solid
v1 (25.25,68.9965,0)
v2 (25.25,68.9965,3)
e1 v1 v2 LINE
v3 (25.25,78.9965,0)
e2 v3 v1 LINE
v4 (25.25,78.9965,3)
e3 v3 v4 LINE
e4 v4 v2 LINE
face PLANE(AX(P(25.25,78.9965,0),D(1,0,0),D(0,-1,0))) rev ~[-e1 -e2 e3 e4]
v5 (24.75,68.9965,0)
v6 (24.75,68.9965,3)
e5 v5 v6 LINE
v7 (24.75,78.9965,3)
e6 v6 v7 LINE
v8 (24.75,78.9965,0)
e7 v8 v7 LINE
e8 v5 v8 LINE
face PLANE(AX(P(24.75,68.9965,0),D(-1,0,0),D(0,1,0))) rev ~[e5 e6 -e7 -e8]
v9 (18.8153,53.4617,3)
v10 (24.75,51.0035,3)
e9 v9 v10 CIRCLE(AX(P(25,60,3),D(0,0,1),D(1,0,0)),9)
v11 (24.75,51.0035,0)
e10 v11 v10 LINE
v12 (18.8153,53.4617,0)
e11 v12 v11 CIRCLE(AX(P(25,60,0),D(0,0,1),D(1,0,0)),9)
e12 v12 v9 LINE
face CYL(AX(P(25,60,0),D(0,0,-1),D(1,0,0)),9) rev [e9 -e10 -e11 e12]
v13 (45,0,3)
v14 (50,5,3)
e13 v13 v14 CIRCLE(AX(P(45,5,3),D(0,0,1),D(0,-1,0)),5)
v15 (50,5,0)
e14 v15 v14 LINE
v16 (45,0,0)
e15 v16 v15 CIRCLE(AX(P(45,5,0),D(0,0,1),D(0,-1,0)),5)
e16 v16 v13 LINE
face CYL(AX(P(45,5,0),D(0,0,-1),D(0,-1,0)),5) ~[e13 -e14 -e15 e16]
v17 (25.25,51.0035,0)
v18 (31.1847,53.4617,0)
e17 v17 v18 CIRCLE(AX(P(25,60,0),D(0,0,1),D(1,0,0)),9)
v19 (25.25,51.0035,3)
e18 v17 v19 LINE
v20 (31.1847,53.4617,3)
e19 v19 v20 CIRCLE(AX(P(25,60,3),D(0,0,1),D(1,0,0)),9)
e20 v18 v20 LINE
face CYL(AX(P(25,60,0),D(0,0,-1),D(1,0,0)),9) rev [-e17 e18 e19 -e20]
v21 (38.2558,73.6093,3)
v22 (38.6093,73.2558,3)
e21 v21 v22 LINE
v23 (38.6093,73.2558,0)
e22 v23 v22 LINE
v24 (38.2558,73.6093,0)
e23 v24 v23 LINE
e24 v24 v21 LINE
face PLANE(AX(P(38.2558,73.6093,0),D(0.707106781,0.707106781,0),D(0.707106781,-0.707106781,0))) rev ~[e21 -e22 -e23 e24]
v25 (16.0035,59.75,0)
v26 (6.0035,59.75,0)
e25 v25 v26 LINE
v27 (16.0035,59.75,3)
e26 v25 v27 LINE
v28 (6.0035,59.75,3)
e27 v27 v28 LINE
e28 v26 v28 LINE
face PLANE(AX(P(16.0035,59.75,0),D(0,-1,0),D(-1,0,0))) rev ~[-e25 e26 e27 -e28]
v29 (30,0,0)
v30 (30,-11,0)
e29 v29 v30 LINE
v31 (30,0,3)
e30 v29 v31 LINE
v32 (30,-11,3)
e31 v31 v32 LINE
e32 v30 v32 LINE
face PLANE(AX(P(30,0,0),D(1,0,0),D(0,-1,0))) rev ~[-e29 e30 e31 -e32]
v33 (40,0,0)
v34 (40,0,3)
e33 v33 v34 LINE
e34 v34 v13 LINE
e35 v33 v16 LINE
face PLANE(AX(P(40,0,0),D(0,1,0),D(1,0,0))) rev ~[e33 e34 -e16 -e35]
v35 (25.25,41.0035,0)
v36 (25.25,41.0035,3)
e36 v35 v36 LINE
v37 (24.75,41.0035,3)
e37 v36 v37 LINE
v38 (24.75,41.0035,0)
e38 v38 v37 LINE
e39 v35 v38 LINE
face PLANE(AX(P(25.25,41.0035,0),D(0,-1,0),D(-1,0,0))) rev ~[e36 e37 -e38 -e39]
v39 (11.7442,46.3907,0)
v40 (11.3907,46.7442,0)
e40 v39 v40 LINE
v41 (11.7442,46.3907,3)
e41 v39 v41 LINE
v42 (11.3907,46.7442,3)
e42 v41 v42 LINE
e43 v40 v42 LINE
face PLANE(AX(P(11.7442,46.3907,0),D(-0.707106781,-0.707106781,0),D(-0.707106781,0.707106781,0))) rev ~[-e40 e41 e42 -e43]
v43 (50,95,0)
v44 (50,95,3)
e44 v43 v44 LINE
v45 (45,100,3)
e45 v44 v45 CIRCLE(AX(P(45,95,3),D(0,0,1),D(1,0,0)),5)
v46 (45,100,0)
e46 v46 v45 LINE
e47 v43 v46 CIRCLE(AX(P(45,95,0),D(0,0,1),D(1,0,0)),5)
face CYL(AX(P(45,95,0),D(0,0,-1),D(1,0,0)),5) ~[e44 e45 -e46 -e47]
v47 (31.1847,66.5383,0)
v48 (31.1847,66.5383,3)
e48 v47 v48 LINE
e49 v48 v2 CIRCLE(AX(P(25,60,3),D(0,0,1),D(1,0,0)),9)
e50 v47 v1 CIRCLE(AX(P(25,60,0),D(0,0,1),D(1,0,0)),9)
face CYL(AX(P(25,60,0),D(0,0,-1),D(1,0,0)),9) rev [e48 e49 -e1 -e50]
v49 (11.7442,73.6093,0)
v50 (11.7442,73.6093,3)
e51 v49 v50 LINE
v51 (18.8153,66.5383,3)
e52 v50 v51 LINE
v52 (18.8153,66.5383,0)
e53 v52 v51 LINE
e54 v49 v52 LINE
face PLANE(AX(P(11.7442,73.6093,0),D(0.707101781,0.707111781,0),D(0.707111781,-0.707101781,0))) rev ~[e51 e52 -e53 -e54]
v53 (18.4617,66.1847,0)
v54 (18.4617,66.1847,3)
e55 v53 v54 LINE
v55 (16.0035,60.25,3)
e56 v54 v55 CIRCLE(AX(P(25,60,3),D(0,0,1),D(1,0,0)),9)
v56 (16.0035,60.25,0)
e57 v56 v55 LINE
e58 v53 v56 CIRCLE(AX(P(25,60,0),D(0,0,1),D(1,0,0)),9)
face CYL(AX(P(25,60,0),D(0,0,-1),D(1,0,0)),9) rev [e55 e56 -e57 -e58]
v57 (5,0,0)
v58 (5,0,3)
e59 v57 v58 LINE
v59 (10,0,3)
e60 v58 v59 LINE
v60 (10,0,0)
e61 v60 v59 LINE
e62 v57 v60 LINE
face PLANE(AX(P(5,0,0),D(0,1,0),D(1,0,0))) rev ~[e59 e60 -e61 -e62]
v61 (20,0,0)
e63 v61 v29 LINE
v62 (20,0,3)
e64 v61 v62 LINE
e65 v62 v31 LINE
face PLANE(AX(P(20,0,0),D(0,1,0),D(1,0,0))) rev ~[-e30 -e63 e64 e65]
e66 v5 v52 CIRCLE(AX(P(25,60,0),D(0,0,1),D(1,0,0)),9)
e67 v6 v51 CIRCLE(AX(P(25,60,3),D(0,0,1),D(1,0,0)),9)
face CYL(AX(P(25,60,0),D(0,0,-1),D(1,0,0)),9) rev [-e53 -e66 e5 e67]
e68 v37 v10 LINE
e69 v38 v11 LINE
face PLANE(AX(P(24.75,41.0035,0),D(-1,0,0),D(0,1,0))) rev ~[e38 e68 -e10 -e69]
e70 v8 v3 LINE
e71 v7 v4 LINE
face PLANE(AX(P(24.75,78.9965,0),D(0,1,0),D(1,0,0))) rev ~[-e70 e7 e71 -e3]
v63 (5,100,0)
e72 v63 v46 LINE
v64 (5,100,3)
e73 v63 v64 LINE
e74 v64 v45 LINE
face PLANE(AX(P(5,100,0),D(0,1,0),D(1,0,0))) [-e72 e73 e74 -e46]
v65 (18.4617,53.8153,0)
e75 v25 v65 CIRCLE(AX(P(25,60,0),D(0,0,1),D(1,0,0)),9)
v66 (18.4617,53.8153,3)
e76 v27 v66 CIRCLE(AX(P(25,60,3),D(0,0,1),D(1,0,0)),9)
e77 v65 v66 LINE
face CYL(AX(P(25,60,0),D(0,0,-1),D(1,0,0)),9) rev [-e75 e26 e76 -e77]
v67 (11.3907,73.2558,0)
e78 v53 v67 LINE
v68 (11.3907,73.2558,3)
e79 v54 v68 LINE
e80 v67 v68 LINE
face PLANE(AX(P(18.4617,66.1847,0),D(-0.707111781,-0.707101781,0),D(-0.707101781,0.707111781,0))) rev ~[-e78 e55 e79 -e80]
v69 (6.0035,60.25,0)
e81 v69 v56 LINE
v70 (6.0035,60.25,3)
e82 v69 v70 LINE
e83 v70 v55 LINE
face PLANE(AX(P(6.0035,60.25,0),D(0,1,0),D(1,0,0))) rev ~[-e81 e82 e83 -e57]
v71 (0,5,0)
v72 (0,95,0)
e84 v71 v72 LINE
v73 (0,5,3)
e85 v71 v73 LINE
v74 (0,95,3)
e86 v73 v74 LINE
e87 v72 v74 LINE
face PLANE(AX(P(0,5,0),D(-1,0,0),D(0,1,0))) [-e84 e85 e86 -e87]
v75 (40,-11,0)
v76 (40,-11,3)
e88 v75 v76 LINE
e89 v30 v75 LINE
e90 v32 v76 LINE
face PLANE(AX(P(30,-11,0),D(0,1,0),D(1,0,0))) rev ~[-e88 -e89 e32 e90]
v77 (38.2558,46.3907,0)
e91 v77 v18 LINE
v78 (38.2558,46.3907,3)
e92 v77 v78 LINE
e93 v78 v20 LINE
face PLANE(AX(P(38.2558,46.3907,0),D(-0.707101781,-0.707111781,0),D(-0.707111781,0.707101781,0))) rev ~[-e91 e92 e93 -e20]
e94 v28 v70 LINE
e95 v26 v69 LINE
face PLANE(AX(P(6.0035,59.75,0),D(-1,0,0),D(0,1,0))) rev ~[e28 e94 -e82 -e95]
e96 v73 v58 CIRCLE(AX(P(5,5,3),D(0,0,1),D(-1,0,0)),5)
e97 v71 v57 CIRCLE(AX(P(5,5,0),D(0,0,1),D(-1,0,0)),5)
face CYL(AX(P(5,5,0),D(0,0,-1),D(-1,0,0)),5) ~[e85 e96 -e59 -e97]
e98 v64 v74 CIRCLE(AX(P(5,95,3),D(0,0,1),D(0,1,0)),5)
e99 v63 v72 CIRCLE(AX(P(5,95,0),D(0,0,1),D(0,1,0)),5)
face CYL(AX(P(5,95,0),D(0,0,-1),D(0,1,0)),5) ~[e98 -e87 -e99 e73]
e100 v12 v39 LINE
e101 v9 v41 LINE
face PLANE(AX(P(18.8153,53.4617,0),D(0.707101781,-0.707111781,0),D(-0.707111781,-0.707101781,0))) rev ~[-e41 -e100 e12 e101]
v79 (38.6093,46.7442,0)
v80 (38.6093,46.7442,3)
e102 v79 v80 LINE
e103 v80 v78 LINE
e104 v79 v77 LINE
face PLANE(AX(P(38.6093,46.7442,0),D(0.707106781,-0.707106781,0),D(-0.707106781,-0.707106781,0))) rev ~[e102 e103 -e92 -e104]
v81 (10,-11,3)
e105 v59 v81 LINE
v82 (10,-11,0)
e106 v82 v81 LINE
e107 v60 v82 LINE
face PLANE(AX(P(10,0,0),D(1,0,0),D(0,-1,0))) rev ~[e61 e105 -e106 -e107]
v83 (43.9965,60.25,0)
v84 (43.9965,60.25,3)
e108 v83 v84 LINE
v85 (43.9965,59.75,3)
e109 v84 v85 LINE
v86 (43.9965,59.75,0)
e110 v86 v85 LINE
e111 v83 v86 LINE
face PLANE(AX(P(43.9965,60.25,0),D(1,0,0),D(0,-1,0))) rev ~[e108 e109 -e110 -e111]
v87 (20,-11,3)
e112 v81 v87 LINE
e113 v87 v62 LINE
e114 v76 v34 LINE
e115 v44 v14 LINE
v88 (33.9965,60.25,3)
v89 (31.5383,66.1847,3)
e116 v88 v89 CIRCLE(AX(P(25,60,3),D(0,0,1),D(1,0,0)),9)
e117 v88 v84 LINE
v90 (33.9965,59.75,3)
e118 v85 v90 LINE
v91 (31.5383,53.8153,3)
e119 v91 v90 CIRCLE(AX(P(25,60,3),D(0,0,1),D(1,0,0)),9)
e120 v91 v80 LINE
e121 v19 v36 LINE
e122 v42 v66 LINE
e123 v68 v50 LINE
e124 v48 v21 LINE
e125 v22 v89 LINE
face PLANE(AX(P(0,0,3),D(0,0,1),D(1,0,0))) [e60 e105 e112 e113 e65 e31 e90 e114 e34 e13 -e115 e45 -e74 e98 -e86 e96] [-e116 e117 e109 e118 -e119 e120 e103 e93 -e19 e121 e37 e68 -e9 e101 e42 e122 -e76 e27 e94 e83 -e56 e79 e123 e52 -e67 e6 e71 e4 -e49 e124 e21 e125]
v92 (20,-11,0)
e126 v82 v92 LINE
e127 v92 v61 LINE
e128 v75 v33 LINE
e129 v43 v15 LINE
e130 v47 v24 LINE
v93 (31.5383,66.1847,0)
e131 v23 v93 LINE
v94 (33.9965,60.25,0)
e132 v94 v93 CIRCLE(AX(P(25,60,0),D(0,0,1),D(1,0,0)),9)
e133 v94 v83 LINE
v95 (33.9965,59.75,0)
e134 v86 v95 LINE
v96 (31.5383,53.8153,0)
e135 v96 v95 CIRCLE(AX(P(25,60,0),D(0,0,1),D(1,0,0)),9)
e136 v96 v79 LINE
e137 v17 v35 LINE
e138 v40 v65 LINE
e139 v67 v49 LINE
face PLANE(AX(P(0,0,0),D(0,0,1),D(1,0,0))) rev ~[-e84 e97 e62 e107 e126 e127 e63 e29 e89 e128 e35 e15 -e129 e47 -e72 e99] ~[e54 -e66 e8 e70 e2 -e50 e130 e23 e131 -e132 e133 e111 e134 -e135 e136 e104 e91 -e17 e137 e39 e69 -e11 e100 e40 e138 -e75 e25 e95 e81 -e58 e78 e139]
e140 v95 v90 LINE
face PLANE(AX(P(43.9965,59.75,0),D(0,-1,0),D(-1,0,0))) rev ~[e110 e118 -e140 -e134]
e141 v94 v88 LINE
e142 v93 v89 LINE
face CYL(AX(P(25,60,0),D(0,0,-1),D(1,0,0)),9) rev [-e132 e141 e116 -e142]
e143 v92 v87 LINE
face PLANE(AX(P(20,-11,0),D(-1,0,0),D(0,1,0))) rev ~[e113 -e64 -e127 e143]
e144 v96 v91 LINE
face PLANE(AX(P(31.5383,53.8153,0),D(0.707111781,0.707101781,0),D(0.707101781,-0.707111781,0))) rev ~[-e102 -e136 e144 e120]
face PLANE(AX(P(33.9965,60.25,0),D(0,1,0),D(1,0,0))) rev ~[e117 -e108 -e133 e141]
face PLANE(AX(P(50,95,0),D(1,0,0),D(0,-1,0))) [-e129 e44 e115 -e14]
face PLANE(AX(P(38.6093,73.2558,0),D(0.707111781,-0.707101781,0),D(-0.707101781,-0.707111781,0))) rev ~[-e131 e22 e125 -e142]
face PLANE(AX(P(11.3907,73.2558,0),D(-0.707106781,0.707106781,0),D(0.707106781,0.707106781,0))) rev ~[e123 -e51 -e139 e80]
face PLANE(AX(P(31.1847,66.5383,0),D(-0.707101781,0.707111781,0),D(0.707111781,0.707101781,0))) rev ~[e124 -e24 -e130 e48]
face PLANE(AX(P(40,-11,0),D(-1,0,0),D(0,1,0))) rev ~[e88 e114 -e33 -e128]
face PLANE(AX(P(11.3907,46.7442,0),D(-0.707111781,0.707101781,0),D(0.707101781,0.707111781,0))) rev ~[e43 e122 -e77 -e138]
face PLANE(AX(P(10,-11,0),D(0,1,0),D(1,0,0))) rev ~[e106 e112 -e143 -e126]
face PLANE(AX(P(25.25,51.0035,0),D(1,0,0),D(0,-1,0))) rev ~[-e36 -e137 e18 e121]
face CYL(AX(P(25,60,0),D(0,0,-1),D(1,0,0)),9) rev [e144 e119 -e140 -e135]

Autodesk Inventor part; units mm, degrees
ref_plane "YZ Plane" through (0, 0, 0) normal (1, 0, 0) x (0, 1, 0)
ref_plane "XZ Plane" through (0, 0, 0) normal (0, 1, 0) x (-1, 0, 0)
ref_plane "XY Plane" through (0, 0, 0) normal (0, 0, 1) x (1, 0, 0)
sketch "Skizze1" plane through (0, 0, 0) normal (0, 0, 1) x (1, 0, 0)
  line L0 (0, 5) -> (0, 95)
  line L1 (5, 100) -> (45, 100)
  line L2 (50, 95) -> (50, 5)
  arc A0 (5, 100) -> (0, 95) centre (5, 95) ccw
  arc A1 (50, 95) -> (45, 100) centre (45, 95) ccw
  arc A2 (45, 0) -> (50, 5) centre (45, 5) ccw
  arc A3 (0, 5) -> (5, 0) centre (5, 5) ccw
  line L3 (10, 0) -> (10, -11)
  line L4 (10, -11) -> (20, -11)
  line L5 (20, -11) -> (20, 0)
  line L6 (30, 0) -> (30, -11)
  line L7 (30, -11) -> (40, -11)
  line L8 (40, -11) -> (40, 0)
  line L9 (5, 0) -> (10, 0)
  line L10 (20, 0) -> (30, 0)
  line L11 (40, 0) -> (45, 0)
  circle A4 centre (25, 60) radius 9
  line L12 (24.75, 68.9965) -> (24.75, 78.9965)
  line L13 (24.75, 78.9965) -> (25.25, 78.9965)
  line L14 (25.25, 78.9965) -> (25.25, 68.9965)
  line L15 (18.4617, 66.1847) -> (11.3907, 73.2558)
  line L16 (11.3907, 73.2558) -> (11.7442, 73.6093)
  line L17 (11.7442, 73.6093) -> (18.8153, 66.5383)
  line L18 (16.0035, 59.75) -> (6.0035, 59.75)
  line L19 (6.0035, 59.75) -> (6.0035, 60.25)
  line L20 (6.0035, 60.25) -> (16.0035, 60.25)
  line L21 (18.8153, 53.4617) -> (11.7442, 46.3907)
  line L22 (11.7442, 46.3907) -> (11.3907, 46.7442)
  line L23 (11.3907, 46.7442) -> (18.4617, 53.8153)
  line L24 (25.25, 51.0035) -> (25.25, 41.0035)
  line L25 (25.25, 41.0035) -> (24.75, 41.0035)
  line L26 (24.75, 41.0035) -> (24.75, 51.0035)
  line L27 (31.5383, 53.8153) -> (38.6093, 46.7442)
  line L28 (38.6093, 46.7442) -> (38.2558, 46.3907)
  line L29 (38.2558, 46.3907) -> (31.1847, 53.4617)
  line L30 (33.9965, 60.25) -> (43.9965, 60.25)
  line L31 (43.9965, 60.25) -> (43.9965, 59.75)
  line L32 (43.9965, 59.75) -> (33.9965, 59.75)
  line L33 (31.1847, 66.5383) -> (38.2558, 73.6093)
  line L34 (38.2558, 73.6093) -> (38.6093, 73.2558)
  line L35 (38.6093, 73.2558) -> (31.5383, 66.1847)
  point P0 (0, 0)
  point P1 (25, 0)
  point P2 (31.1847, 66.5383)
  point P3 (33.9965, 59.75)
  point P4 (31.5383, 53.8153)
  point P5 (31.1847, 53.4617)
  point P6 (25.25, 51.0035)
  point P7 (24.75, 51.0035)
  point P8 (18.8153, 53.4617)
  point P9 (18.4617, 53.8153)
  point P10 (16.0035, 59.75)
  point P11 (16.0035, 60.25)
  point P12 (18.4617, 66.1847)
  point P13 (18.8153, 66.5383)
  dimension "d1" = 50
  dimension "d3" = 5
  dimension "d4" = 11
  dimension "d5" = 10
  dimension "d6" = 100
  dimension "d9" = 60
  dimension "d10" = 18
  dimension "d11" = 0.5
  dimension "d12" = 10
  dimension "d15" = 360
extrude "Extrusion1" add sketch "Skizze1" along normal blind 3
properties part number "Scheibe" material "Glas"
